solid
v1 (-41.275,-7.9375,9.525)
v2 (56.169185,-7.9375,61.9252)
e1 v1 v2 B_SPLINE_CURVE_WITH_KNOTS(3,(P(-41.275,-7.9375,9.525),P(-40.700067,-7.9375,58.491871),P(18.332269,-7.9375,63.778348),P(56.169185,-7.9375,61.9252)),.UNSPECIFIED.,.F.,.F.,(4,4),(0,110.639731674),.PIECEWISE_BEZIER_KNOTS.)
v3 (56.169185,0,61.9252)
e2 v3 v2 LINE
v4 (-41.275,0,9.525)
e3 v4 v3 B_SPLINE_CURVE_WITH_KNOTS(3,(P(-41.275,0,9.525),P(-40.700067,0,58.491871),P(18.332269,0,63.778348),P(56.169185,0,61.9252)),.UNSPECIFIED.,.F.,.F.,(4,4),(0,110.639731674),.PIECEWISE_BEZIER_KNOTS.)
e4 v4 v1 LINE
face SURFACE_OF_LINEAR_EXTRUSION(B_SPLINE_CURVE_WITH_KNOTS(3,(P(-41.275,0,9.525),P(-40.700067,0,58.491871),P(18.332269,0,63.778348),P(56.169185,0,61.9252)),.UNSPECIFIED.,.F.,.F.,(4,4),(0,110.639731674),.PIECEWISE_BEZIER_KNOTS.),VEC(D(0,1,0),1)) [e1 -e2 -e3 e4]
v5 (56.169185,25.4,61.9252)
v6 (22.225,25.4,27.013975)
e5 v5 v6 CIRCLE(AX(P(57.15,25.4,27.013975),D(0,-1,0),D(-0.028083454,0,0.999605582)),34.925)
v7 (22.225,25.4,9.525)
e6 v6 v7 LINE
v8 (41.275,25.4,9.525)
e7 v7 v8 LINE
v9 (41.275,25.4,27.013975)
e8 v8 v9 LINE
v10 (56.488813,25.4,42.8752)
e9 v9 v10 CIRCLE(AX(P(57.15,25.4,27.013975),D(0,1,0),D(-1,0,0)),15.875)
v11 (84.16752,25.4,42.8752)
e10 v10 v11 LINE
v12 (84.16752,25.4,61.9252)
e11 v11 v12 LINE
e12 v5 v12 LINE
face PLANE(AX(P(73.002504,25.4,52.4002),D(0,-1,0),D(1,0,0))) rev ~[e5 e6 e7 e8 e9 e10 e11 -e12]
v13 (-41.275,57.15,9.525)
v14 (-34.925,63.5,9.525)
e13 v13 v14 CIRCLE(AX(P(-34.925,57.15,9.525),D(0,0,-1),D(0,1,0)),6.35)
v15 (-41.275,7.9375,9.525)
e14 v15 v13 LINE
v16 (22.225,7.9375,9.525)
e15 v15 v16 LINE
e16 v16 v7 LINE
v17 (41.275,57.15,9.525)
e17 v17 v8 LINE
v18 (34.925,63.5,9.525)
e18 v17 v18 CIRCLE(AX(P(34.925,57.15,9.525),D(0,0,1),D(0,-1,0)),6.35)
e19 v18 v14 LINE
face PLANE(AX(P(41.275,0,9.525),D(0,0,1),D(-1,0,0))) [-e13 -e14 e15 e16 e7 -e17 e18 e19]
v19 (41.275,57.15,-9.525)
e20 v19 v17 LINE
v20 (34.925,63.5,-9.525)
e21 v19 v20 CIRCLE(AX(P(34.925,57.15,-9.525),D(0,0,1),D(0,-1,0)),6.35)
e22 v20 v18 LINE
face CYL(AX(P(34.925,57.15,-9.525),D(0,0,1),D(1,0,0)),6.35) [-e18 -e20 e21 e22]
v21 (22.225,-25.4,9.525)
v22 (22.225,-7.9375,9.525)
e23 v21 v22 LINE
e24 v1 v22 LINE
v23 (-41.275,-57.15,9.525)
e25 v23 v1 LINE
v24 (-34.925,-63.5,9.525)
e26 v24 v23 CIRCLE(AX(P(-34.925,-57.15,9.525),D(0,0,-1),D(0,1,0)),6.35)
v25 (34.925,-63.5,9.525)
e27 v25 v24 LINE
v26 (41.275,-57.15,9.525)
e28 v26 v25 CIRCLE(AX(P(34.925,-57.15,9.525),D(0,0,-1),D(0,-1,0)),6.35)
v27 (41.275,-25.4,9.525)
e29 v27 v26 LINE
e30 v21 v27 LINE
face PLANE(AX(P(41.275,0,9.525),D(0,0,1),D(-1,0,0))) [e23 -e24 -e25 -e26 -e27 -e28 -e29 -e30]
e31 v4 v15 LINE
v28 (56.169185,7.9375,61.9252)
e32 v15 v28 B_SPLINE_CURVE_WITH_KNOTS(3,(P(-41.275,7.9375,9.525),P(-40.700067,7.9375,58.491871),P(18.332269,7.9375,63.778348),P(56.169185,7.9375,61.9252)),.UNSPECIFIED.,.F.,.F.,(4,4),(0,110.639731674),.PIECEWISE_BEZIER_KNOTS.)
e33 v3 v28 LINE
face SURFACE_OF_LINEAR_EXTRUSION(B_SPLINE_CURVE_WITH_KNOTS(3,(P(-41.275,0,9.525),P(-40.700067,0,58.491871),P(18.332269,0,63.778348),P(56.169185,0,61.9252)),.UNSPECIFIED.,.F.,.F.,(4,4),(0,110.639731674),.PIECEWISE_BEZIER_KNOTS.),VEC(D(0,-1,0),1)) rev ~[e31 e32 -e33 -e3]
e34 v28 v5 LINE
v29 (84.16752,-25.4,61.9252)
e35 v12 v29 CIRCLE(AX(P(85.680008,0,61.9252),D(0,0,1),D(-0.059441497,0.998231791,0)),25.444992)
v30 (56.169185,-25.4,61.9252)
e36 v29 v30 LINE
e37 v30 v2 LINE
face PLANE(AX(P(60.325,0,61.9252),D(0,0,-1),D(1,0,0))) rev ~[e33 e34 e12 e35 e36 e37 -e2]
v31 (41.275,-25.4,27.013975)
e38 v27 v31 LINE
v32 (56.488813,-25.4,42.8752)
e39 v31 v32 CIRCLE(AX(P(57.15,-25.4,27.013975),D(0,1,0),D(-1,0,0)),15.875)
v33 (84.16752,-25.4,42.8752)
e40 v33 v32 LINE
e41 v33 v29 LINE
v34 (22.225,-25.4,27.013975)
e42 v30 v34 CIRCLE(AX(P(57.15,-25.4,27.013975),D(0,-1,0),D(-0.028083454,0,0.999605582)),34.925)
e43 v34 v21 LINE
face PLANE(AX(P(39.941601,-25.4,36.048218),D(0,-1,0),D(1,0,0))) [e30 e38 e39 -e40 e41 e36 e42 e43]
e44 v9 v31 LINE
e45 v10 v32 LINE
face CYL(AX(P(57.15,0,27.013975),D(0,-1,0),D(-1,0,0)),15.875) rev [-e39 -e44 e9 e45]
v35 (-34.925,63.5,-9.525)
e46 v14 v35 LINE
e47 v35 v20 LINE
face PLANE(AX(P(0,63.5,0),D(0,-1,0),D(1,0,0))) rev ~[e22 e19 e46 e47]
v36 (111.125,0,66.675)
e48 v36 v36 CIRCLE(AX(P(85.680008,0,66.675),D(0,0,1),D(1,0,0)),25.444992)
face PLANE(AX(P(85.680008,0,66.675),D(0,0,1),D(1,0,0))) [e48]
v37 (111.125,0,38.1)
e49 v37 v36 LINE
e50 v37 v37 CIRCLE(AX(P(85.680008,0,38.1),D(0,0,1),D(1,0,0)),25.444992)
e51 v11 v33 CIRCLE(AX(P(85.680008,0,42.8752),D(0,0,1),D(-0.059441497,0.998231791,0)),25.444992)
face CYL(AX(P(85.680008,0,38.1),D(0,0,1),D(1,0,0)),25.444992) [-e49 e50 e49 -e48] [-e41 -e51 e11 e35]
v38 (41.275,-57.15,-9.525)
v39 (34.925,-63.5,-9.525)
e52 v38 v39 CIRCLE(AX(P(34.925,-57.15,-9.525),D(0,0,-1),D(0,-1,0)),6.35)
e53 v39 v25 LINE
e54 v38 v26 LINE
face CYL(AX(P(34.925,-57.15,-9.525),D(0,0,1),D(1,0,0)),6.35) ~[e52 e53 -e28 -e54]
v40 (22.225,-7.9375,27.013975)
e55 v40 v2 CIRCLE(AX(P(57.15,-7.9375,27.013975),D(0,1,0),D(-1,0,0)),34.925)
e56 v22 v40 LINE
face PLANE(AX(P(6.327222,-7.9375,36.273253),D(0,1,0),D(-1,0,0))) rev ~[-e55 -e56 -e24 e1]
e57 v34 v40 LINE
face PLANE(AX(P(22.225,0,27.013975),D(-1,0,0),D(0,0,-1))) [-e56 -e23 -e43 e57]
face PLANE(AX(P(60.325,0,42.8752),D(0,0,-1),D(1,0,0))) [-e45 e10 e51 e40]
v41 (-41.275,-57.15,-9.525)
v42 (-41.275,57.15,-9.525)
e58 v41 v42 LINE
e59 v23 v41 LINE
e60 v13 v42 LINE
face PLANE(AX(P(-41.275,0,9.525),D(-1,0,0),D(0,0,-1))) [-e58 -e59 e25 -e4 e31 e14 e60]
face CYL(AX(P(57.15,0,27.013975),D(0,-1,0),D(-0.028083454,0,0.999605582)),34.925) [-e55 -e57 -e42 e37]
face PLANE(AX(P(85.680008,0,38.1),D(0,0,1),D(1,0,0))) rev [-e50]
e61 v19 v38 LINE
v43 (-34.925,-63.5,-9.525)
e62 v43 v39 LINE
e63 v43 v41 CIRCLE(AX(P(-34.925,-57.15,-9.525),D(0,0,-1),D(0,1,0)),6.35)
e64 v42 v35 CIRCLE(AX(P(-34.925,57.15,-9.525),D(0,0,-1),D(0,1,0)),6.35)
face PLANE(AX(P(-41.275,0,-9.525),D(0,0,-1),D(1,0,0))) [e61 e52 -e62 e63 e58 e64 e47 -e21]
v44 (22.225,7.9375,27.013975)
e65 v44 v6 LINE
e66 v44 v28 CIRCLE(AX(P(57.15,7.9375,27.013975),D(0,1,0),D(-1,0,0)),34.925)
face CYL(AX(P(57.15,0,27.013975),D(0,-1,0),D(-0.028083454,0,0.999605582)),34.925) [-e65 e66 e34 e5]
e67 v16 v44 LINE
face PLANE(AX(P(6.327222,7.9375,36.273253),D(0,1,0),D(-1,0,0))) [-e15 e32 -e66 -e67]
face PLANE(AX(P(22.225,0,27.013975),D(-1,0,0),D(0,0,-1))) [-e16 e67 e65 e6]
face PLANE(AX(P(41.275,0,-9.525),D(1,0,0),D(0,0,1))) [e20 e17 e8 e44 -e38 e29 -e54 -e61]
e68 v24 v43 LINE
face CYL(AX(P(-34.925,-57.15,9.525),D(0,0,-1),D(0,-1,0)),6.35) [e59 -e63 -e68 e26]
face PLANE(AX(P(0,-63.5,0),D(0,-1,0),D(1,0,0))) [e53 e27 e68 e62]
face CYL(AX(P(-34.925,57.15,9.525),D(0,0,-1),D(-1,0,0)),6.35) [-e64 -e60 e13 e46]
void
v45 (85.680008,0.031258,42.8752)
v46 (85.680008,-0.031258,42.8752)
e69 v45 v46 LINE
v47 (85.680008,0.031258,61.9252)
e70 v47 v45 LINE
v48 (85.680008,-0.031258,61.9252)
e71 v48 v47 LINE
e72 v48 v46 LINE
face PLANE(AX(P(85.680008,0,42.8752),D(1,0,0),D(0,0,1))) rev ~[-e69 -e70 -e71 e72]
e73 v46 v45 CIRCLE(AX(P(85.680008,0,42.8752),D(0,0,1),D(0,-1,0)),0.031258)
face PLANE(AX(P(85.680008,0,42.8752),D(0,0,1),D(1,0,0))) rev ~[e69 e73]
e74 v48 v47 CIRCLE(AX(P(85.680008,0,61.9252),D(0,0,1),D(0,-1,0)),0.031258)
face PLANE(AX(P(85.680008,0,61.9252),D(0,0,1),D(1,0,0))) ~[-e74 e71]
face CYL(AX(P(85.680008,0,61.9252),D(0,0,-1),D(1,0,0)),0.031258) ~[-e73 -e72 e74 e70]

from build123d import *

# Parameters (mm, degrees)
F1_DEPTH = 63.5
F2_DEPTH = 25.4
F3_DEPTH = 7.9375
F0_W     = 25.3550079346
F0_H     = 19.05
F5_DEPTH = 25.4
F6_R     = 6.35


with BuildPart() as f1:
    # F0 (on Front) → F1 (new body, symmetric)
    with BuildSketch(Plane.XZ):
        Polygon((-41.275, -9.525), (41.275, -9.525), (41.275, 9.525), (22.225, 9.525), (-41.275, 9.525), align=None)
    extrude(amount=F1_DEPTH, both=True)

    # F0 (on Front) → F2 (join, symmetric)
    with BuildSketch(Plane.XZ):
        with BuildLine():
            Line((22.225, 9.525), (41.275, 9.525))
            Line((41.275, 9.525), (41.275, 27.0139750475))
            ThreePointArc((41.275, 27.0139750475), (45.6932996526, 38.0030442596), (56.4888131842, 42.8752))
            Line((56.4888131842, 42.8752), (60.325, 42.8752))
            Line((60.325, 42.8752), (60.325, 61.9252))
            Line((60.325, 61.9252), (56.1691853824, 61.9252))
            ThreePointArc((56.1691853824, 61.9252), (32.1099263627, 51.3604396212), (22.225, 27.0139750475))
            Line((22.225, 27.0139750475), (22.225, 9.525))
        make_face()
    extrude(amount=F2_DEPTH, both=True)

    # F0 (on Front) → F3 (join, symmetric)
    with BuildSketch(Plane.XZ):
        with BuildLine():
            add(Edge.make_bspline(
                [(-41.275, 9.525), (-40.7000668347, 58.4918707609), (18.3322690427, 63.7783482671), (56.1691853824, 61.9252)],
                knots=[0, 0, 0, 0, 110.6397316739, 110.6397316739, 110.6397316739, 110.6397316739], degree=3))
            Line((-41.275, 9.525), (22.225, 9.525))
            Line((22.225, 9.525), (22.225, 27.0139750475))
            ThreePointArc((22.225, 27.0139750475), (32.1099263627, 51.3604396212), (56.1691853824, 61.9252))
        make_face()
    extrude(amount=F3_DEPTH, both=True)

    # F0 (on Front) → F4 (revolve)
    with BuildSketch(Plane.XZ):
        Polygon((85.6800079346, 66.675), (85.6800079346, 61.9252), (85.7112655525, 61.9252), (85.7112655525, 42.8752), (85.6800079346, 42.8752), (85.6800079346, 38.1), (111.125, 38.1), (111.125, 66.675), align=None)
    revolve(axis=Axis((85.6800079346, 0, 52.3875), (0, 0, 1)))

    # F0 (on Front) → F5 (join, symmetric)
    with BuildSketch(Plane.XZ):
        with Locations((73.0025039673, 52.4002)):
            Rectangle(F0_W, F0_H)
    extrude(amount=F5_DEPTH, both=True)

    # F6
    f6_edges = [f1.edges().sort_by_distance(p)[0] for p in [
        (41.275, -63.5, 0),
        (-41.275, -63.5, 0),
        (41.275, 63.5, 0),
        (-41.275, 63.5, 0),
    ]]
    fillet(f6_edges, radius=F6_R)


solid = f1.part
